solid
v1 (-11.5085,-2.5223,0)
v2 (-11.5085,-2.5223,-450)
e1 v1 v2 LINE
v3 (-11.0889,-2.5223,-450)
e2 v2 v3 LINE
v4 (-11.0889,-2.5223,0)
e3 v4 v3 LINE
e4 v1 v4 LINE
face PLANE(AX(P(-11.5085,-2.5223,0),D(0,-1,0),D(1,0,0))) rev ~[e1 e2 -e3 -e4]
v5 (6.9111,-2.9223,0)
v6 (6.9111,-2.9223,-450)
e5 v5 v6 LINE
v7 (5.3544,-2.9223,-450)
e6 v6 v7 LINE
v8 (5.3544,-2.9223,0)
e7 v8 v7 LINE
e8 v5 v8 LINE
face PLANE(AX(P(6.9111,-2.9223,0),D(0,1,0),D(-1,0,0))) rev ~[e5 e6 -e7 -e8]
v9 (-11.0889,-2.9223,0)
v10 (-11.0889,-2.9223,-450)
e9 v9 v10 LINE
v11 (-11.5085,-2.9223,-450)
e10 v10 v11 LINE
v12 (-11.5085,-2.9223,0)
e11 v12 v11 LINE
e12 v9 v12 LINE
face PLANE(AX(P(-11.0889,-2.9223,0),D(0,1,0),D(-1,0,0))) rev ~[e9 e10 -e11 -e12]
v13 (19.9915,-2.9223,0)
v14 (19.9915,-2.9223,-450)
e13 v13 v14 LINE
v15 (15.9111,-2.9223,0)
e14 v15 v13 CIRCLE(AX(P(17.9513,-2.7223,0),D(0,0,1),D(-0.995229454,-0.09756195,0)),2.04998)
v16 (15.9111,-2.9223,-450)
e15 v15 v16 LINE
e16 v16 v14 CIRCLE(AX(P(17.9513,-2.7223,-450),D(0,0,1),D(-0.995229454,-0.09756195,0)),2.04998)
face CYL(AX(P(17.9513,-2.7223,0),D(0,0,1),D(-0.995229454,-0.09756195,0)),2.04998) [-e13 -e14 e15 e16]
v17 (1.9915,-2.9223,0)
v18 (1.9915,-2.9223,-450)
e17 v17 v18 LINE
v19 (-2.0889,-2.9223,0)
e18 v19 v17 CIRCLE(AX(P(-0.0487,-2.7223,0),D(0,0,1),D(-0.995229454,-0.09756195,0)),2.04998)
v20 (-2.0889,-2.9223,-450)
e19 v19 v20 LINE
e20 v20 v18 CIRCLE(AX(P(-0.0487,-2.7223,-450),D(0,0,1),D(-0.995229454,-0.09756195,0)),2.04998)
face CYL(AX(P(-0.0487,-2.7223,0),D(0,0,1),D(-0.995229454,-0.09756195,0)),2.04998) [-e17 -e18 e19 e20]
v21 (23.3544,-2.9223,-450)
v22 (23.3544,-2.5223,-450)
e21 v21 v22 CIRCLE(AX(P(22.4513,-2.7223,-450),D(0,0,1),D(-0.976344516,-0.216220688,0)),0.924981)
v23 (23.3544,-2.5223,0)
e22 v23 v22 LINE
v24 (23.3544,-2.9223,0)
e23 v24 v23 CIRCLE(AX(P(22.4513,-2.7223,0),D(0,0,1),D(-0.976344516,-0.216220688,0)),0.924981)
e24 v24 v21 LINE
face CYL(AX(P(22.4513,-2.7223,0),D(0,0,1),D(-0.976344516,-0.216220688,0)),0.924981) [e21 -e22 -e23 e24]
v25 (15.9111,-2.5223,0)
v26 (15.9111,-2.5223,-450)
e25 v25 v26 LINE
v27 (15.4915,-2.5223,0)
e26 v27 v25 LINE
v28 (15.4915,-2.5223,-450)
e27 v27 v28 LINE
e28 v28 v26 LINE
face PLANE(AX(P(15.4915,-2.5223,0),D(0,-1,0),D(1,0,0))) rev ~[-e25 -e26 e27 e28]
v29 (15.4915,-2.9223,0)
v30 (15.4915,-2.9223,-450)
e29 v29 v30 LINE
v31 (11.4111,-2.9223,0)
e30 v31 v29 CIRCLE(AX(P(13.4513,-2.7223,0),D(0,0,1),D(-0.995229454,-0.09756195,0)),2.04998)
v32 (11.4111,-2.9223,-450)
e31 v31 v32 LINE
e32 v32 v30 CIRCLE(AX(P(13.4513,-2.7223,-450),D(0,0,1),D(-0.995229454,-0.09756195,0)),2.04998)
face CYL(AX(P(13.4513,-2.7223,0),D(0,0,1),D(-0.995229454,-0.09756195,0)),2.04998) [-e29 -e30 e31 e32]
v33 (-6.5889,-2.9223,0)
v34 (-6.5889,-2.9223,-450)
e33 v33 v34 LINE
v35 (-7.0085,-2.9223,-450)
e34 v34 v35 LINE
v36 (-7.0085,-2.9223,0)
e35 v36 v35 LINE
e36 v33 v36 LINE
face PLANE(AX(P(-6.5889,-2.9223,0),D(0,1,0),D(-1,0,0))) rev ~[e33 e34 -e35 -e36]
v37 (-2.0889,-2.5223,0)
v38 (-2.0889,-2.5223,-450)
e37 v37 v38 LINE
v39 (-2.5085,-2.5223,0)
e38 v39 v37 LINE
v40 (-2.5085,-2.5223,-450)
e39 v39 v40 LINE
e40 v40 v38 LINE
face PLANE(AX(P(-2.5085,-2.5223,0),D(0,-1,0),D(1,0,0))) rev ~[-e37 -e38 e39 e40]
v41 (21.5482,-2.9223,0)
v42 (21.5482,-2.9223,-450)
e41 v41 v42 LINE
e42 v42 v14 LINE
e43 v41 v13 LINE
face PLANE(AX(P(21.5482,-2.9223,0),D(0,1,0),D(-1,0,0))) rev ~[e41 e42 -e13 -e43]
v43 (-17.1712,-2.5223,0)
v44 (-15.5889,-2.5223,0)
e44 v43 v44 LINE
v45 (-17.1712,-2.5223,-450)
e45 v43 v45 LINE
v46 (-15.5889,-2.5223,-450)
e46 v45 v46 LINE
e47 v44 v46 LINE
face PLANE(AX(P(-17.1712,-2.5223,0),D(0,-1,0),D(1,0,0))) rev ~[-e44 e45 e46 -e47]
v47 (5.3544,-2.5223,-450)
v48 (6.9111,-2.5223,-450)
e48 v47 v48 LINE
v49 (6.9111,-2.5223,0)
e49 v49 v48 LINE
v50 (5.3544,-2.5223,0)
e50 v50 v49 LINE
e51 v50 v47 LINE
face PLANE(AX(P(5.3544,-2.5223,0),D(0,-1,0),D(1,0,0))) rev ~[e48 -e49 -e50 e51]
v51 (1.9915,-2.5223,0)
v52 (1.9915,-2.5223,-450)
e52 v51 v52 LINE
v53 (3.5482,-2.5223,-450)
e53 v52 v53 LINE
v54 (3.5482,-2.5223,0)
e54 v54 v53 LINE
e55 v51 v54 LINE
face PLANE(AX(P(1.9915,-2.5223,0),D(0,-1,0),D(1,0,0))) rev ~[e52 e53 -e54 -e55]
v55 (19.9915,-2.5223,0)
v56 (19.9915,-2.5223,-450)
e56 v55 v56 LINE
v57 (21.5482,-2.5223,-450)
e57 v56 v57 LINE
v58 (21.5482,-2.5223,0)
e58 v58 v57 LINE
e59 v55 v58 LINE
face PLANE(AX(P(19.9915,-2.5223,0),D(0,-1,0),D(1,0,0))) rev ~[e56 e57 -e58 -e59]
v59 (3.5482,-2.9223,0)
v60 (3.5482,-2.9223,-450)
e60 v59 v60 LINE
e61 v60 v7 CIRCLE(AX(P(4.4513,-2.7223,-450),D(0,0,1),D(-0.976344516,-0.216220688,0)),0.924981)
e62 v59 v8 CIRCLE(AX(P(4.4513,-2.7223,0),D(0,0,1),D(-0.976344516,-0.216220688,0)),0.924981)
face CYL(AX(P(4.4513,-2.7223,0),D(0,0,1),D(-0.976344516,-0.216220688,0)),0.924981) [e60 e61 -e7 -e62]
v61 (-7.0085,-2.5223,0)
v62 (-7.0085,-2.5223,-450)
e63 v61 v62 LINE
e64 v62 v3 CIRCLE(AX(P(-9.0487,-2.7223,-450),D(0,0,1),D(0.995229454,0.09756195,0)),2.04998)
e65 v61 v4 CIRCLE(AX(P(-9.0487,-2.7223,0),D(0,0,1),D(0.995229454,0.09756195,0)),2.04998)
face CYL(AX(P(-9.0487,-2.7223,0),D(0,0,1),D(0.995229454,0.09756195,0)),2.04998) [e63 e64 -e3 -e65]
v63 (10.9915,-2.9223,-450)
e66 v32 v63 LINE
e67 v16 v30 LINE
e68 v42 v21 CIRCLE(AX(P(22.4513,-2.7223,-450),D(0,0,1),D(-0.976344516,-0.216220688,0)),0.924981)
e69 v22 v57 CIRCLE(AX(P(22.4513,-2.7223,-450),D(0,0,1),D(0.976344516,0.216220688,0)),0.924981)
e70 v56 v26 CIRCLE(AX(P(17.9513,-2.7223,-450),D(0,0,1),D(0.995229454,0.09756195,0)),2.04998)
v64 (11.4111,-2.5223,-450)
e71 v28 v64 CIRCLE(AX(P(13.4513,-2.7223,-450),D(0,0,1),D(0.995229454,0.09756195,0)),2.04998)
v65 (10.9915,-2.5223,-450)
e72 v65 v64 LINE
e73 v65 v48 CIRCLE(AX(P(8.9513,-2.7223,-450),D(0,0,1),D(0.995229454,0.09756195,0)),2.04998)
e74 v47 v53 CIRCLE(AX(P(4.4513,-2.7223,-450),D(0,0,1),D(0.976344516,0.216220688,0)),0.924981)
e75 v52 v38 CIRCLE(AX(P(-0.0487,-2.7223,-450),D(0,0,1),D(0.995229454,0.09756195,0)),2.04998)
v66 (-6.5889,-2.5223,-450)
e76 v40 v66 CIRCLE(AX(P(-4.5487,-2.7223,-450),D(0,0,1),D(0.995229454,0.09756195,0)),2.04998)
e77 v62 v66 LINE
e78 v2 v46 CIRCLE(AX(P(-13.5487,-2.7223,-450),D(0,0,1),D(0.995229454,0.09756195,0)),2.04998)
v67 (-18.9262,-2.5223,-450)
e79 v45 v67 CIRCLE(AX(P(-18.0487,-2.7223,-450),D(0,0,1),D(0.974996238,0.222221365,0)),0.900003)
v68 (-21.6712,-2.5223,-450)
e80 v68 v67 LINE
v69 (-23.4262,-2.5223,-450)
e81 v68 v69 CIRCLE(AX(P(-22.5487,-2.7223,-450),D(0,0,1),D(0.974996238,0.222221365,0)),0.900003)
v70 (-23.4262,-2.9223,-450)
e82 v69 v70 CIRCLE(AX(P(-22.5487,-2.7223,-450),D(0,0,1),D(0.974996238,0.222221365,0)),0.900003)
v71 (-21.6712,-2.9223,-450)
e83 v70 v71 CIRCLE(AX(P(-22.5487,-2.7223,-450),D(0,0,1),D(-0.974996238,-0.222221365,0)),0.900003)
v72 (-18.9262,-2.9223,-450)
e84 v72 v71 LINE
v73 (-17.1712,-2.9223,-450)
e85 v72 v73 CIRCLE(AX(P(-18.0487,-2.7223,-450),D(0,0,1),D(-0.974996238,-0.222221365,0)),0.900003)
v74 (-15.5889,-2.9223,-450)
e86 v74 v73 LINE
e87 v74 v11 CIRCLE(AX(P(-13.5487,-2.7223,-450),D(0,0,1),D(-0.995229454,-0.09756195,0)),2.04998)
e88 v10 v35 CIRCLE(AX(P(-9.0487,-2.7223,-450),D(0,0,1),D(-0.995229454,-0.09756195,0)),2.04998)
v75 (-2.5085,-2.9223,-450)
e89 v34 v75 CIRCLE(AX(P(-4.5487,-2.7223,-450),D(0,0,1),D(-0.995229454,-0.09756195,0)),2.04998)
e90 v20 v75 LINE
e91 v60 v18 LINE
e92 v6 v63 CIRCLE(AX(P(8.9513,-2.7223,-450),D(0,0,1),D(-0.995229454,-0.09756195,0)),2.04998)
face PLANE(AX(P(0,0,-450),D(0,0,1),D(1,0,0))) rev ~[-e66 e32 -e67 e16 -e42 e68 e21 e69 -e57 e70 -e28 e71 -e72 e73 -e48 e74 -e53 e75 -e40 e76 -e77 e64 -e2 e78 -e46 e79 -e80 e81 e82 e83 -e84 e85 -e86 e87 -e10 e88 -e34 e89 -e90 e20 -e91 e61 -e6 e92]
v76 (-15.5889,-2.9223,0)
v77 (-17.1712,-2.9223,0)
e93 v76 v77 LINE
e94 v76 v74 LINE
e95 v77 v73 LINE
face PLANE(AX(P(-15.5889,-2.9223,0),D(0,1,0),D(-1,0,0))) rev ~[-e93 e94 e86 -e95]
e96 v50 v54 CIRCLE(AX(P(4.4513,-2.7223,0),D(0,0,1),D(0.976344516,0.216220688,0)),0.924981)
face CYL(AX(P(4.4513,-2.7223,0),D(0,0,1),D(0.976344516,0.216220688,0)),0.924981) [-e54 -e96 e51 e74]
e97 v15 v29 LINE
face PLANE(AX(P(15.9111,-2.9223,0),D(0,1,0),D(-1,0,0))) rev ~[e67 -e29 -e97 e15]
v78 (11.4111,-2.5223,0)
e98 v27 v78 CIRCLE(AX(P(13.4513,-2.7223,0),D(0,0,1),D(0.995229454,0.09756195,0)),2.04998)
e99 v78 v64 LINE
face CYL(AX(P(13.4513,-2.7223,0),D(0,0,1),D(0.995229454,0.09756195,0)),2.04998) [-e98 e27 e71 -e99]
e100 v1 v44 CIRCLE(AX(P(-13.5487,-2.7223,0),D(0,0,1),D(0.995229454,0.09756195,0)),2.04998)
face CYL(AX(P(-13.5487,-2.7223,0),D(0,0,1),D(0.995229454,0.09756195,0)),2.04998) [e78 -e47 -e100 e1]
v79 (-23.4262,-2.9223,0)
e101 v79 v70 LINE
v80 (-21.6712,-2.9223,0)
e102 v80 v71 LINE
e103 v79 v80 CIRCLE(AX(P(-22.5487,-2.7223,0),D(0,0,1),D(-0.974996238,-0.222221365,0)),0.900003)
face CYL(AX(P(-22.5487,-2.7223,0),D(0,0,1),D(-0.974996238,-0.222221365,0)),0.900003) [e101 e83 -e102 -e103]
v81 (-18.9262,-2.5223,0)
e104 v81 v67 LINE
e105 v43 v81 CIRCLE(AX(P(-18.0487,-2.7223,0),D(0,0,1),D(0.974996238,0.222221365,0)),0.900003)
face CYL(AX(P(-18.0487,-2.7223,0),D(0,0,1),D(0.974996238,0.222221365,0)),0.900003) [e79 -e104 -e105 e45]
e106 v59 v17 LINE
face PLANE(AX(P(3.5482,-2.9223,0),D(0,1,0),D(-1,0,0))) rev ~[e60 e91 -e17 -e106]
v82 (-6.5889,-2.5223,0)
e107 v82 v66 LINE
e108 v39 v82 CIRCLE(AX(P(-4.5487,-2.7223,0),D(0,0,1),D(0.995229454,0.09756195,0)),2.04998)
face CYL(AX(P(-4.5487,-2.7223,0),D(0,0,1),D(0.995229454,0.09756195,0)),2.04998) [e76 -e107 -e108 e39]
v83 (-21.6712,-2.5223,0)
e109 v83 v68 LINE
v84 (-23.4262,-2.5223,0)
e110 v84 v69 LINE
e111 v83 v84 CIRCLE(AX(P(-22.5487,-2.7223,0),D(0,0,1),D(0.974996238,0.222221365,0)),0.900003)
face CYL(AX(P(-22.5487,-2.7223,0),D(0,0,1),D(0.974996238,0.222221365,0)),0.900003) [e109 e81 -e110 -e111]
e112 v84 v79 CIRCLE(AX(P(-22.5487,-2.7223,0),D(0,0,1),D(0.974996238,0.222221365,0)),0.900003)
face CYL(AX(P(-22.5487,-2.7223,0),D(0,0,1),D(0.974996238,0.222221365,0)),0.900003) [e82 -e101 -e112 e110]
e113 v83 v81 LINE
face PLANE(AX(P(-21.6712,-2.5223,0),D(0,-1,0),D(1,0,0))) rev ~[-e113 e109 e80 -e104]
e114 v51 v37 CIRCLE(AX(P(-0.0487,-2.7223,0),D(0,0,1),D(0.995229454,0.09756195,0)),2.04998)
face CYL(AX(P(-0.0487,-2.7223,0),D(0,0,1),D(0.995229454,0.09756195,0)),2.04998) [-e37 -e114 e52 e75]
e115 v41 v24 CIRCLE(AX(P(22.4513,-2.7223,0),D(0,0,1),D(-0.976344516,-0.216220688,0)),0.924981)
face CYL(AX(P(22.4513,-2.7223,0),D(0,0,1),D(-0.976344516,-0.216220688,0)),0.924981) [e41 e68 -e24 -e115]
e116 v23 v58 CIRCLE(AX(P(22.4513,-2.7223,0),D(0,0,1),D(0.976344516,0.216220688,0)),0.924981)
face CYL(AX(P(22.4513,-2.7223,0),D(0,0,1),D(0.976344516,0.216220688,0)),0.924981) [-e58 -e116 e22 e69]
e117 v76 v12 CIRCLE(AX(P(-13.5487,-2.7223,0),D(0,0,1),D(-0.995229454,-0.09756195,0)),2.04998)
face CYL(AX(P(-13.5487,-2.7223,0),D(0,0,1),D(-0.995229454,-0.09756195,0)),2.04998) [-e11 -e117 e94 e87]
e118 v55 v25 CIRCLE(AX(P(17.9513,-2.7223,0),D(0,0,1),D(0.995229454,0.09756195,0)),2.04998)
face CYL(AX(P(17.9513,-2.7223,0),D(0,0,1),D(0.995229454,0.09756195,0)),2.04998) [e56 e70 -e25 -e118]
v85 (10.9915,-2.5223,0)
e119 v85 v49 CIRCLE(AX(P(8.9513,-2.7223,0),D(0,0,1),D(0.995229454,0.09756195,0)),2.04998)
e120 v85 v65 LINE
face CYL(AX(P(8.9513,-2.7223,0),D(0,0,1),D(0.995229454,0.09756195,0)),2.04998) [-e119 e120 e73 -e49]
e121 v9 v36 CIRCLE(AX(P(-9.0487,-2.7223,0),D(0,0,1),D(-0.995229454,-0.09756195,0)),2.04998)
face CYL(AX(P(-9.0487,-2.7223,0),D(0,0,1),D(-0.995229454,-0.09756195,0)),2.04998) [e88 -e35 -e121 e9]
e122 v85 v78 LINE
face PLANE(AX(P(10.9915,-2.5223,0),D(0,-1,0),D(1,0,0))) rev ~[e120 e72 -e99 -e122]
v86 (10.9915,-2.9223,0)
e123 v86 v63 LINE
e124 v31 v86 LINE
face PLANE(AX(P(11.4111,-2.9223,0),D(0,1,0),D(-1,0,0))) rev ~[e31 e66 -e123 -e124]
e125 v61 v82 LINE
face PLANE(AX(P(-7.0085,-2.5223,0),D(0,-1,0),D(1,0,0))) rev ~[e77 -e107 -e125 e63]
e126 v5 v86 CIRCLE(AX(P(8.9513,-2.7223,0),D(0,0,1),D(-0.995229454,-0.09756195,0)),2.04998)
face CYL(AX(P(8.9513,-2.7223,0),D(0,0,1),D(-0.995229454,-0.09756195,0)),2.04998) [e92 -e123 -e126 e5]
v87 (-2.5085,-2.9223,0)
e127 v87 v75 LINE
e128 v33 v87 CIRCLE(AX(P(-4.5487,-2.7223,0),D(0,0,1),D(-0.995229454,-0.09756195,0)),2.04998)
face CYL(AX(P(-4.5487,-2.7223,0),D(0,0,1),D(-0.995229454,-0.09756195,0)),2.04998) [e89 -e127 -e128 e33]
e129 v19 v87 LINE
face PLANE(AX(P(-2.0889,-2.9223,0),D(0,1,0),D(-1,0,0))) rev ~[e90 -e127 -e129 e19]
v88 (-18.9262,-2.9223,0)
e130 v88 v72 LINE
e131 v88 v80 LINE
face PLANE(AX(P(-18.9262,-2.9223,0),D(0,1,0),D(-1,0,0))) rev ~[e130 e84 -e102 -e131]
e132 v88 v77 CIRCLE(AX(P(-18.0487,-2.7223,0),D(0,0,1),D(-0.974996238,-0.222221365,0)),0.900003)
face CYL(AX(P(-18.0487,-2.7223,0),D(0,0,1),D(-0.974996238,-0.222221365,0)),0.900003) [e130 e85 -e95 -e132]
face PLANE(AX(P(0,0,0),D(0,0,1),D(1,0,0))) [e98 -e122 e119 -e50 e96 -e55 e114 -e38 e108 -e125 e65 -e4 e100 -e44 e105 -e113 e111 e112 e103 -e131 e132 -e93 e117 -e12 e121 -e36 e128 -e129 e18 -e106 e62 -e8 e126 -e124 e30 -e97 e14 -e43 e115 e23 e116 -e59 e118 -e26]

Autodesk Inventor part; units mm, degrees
ref_plane "YZ Plane" through (0, 0, 0) normal (1, 0, 0) x (0, 1, 0)
ref_plane "XZ Plane" through (0, 0, 0) normal (0, 1, 0) x (-1, 0, 0)
sketch "Sketch1" plane through (0, 0, 0) normal (0, 0, 1) x (1, 0, 0)
  line L0 (21.5482, -2.9223) -> (19.9915, -2.9223) projected
  arc A0 (15.9111, -2.9223) -> (19.9915, -2.9223) centre (17.9513, -2.7223) ccw projected
  line L1 (15.9111, -2.9223) -> (15.4915, -2.9223) projected
  arc A1 (11.4111, -2.9223) -> (15.4915, -2.9223) centre (13.4513, -2.7223) ccw projected
  line L2 (11.4111, -2.9223) -> (10.9915, -2.9223) projected
  arc A2 (6.9111, -2.9223) -> (10.9915, -2.9223) centre (8.9513, -2.7223) ccw projected
  line L3 (6.9111, -2.9223) -> (5.3544, -2.9223) projected
  arc A3 (3.5482, -2.9223) -> (5.3544, -2.9223) centre (4.4513, -2.7223) ccw projected
  line L4 (3.5482, -2.9223) -> (1.9915, -2.9223) projected
  arc A4 (-2.0889, -2.9223) -> (1.9915, -2.9223) centre (-0.0487, -2.7223) ccw projected
  line L5 (-2.0889, -2.9223) -> (-2.5085, -2.9223) projected
  arc A5 (-6.5889, -2.9223) -> (-2.5085, -2.9223) centre (-4.5487, -2.7223) ccw projected
  line L6 (-6.5889, -2.9223) -> (-7.0085, -2.9223) projected
  arc A6 (-11.0889, -2.9223) -> (-7.0085, -2.9223) centre (-9.0487, -2.7223) ccw projected
  line L7 (-11.0889, -2.9223) -> (-11.5085, -2.9223) projected
  arc A7 (-15.5889, -2.9223) -> (-11.5085, -2.9223) centre (-13.5487, -2.7223) ccw projected
  line L8 (-15.5889, -2.9223) -> (-17.1712, -2.9223) projected
  arc A8 (-18.9262, -2.9223) -> (-17.1712, -2.9223) centre (-18.0487, -2.7223) ccw projected
  line L9 (-18.9262, -2.9223) -> (-21.6712, -2.9223) projected
  arc A9 (-23.4262, -2.9223) -> (-21.6712, -2.9223) centre (-22.5487, -2.7223) ccw projected
  line L10 (-23.4262, -2.9223) -> (-29.4262, -2.9223) projected
  line L11 (-29.4262, -2.9223) -> (-29.4262, -2.7223) projected
  line L12 (-29.4262, -2.7223) -> (-35.4262, -2.7223) projected
  line L13 (-35.4262, -2.7223) -> (-35.4262, -7.7223) projected
  line L14 (-35.4262, -7.7223) -> (35.3544, -7.7223) projected
  line L15 (35.3544, -7.7223) -> (35.3544, -2.7223) projected
  line L16 (35.3544, -2.7223) -> (29.3544, -2.7223) projected
  line L17 (29.3544, -2.7223) -> (29.3544, -2.9223) projected
  line L18 (29.3544, -2.9223) -> (23.3544, -2.9223) projected
  arc A10 (21.5482, -2.9223) -> (23.3544, -2.9223) centre (22.4513, -2.7223) ccw projected
  line L19 (19.9915, -2.5223) -> (21.5482, -2.5223) projected
  arc A11 (23.3544, -2.5223) -> (21.5482, -2.5223) centre (22.4513, -2.7223) ccw projected
  line L20 (23.3544, -2.5223) -> (29.3544, -2.5223) projected
  line L21 (29.3544, -2.5223) -> (29.3544, -2.7223) projected
  line L22 (29.3544, -2.7223) -> (35.3544, -2.7223) projected
  line L23 (35.3544, -2.7223) -> (35.3544, 2.2777) projected
  line L24 (35.3544, 2.2777) -> (-35.4262, 2.2777) projected
  line L25 (-35.4262, 2.2777) -> (-35.4262, -2.7223) projected
  line L26 (-35.4262, -2.7223) -> (-29.4262, -2.7223) projected
  line L27 (-29.4262, -2.7223) -> (-29.4262, -2.5223) projected
  line L28 (-29.4262, -2.5223) -> (-23.4262, -2.5223) projected
  arc A12 (-21.6712, -2.5223) -> (-23.4262, -2.5223) centre (-22.5487, -2.7223) ccw projected
  line L29 (-21.6712, -2.5223) -> (-18.9262, -2.5223) projected
  arc A13 (-17.1712, -2.5223) -> (-18.9262, -2.5223) centre (-18.0487, -2.7223) ccw projected
  line L30 (-17.1712, -2.5223) -> (-15.5889, -2.5223) projected
  arc A14 (-11.5085, -2.5223) -> (-15.5889, -2.5223) centre (-13.5487, -2.7223) ccw projected
  line L31 (-11.5085, -2.5223) -> (-11.0889, -2.5223) projected
  arc A15 (-7.0085, -2.5223) -> (-11.0889, -2.5223) centre (-9.0487, -2.7223) ccw projected
  line L32 (-7.0085, -2.5223) -> (-6.5889, -2.5223) projected
  arc A16 (-2.5085, -2.5223) -> (-6.5889, -2.5223) centre (-4.5487, -2.7223) ccw projected
  line L33 (-2.5085, -2.5223) -> (-2.0889, -2.5223) projected
  arc A17 (1.9915, -2.5223) -> (-2.0889, -2.5223) centre (-0.0487, -2.7223) ccw projected
  line L34 (1.9915, -2.5223) -> (3.5482, -2.5223) projected
  arc A18 (5.3544, -2.5223) -> (3.5482, -2.5223) centre (4.4513, -2.7223) ccw projected
  line L35 (5.3544, -2.5223) -> (6.9111, -2.5223) projected
  arc A19 (10.9915, -2.5223) -> (6.9111, -2.5223) centre (8.9513, -2.7223) ccw projected
  line L36 (10.9915, -2.5223) -> (11.4111, -2.5223) projected
  arc A20 (15.4915, -2.5223) -> (11.4111, -2.5223) centre (13.4513, -2.7223) ccw projected
  line L37 (15.4915, -2.5223) -> (15.9111, -2.5223) projected
  arc A21 (19.9915, -2.5223) -> (15.9111, -2.5223) centre (17.9513, -2.7223) ccw projected
  arc A22 (21.5482, -2.9223) -> (21.5482, -2.5223) centre (22.4513, -2.7223) ccw
  arc A23 (-21.6712, -2.5223) -> (-21.6712, -2.9223) centre (-22.5487, -2.7223) ccw
  point P0 (0, 0)
ref_plane "Work Plane1" through (-35.4262, -2.7223, -450) normal (0, 0, -1) x (0, 1, 0)
extrude "Extrusion1" add sketch "Sketch1" against normal up to surface (450 mm away) contours L0 A0 L1 A1 L2 A2 L3 A3 L4 A4 L5 A5 L6 A6 L7 A7 L8 A8 L9 A9 A23 A12 L29 A13 L30 A14 L31 A15 L32 A16 L33 A17 L34 A18 L35 A19 L36 A20 L37 A21 L19 A11 A22 A10
properties part number "3d_LM - Top Wire"
